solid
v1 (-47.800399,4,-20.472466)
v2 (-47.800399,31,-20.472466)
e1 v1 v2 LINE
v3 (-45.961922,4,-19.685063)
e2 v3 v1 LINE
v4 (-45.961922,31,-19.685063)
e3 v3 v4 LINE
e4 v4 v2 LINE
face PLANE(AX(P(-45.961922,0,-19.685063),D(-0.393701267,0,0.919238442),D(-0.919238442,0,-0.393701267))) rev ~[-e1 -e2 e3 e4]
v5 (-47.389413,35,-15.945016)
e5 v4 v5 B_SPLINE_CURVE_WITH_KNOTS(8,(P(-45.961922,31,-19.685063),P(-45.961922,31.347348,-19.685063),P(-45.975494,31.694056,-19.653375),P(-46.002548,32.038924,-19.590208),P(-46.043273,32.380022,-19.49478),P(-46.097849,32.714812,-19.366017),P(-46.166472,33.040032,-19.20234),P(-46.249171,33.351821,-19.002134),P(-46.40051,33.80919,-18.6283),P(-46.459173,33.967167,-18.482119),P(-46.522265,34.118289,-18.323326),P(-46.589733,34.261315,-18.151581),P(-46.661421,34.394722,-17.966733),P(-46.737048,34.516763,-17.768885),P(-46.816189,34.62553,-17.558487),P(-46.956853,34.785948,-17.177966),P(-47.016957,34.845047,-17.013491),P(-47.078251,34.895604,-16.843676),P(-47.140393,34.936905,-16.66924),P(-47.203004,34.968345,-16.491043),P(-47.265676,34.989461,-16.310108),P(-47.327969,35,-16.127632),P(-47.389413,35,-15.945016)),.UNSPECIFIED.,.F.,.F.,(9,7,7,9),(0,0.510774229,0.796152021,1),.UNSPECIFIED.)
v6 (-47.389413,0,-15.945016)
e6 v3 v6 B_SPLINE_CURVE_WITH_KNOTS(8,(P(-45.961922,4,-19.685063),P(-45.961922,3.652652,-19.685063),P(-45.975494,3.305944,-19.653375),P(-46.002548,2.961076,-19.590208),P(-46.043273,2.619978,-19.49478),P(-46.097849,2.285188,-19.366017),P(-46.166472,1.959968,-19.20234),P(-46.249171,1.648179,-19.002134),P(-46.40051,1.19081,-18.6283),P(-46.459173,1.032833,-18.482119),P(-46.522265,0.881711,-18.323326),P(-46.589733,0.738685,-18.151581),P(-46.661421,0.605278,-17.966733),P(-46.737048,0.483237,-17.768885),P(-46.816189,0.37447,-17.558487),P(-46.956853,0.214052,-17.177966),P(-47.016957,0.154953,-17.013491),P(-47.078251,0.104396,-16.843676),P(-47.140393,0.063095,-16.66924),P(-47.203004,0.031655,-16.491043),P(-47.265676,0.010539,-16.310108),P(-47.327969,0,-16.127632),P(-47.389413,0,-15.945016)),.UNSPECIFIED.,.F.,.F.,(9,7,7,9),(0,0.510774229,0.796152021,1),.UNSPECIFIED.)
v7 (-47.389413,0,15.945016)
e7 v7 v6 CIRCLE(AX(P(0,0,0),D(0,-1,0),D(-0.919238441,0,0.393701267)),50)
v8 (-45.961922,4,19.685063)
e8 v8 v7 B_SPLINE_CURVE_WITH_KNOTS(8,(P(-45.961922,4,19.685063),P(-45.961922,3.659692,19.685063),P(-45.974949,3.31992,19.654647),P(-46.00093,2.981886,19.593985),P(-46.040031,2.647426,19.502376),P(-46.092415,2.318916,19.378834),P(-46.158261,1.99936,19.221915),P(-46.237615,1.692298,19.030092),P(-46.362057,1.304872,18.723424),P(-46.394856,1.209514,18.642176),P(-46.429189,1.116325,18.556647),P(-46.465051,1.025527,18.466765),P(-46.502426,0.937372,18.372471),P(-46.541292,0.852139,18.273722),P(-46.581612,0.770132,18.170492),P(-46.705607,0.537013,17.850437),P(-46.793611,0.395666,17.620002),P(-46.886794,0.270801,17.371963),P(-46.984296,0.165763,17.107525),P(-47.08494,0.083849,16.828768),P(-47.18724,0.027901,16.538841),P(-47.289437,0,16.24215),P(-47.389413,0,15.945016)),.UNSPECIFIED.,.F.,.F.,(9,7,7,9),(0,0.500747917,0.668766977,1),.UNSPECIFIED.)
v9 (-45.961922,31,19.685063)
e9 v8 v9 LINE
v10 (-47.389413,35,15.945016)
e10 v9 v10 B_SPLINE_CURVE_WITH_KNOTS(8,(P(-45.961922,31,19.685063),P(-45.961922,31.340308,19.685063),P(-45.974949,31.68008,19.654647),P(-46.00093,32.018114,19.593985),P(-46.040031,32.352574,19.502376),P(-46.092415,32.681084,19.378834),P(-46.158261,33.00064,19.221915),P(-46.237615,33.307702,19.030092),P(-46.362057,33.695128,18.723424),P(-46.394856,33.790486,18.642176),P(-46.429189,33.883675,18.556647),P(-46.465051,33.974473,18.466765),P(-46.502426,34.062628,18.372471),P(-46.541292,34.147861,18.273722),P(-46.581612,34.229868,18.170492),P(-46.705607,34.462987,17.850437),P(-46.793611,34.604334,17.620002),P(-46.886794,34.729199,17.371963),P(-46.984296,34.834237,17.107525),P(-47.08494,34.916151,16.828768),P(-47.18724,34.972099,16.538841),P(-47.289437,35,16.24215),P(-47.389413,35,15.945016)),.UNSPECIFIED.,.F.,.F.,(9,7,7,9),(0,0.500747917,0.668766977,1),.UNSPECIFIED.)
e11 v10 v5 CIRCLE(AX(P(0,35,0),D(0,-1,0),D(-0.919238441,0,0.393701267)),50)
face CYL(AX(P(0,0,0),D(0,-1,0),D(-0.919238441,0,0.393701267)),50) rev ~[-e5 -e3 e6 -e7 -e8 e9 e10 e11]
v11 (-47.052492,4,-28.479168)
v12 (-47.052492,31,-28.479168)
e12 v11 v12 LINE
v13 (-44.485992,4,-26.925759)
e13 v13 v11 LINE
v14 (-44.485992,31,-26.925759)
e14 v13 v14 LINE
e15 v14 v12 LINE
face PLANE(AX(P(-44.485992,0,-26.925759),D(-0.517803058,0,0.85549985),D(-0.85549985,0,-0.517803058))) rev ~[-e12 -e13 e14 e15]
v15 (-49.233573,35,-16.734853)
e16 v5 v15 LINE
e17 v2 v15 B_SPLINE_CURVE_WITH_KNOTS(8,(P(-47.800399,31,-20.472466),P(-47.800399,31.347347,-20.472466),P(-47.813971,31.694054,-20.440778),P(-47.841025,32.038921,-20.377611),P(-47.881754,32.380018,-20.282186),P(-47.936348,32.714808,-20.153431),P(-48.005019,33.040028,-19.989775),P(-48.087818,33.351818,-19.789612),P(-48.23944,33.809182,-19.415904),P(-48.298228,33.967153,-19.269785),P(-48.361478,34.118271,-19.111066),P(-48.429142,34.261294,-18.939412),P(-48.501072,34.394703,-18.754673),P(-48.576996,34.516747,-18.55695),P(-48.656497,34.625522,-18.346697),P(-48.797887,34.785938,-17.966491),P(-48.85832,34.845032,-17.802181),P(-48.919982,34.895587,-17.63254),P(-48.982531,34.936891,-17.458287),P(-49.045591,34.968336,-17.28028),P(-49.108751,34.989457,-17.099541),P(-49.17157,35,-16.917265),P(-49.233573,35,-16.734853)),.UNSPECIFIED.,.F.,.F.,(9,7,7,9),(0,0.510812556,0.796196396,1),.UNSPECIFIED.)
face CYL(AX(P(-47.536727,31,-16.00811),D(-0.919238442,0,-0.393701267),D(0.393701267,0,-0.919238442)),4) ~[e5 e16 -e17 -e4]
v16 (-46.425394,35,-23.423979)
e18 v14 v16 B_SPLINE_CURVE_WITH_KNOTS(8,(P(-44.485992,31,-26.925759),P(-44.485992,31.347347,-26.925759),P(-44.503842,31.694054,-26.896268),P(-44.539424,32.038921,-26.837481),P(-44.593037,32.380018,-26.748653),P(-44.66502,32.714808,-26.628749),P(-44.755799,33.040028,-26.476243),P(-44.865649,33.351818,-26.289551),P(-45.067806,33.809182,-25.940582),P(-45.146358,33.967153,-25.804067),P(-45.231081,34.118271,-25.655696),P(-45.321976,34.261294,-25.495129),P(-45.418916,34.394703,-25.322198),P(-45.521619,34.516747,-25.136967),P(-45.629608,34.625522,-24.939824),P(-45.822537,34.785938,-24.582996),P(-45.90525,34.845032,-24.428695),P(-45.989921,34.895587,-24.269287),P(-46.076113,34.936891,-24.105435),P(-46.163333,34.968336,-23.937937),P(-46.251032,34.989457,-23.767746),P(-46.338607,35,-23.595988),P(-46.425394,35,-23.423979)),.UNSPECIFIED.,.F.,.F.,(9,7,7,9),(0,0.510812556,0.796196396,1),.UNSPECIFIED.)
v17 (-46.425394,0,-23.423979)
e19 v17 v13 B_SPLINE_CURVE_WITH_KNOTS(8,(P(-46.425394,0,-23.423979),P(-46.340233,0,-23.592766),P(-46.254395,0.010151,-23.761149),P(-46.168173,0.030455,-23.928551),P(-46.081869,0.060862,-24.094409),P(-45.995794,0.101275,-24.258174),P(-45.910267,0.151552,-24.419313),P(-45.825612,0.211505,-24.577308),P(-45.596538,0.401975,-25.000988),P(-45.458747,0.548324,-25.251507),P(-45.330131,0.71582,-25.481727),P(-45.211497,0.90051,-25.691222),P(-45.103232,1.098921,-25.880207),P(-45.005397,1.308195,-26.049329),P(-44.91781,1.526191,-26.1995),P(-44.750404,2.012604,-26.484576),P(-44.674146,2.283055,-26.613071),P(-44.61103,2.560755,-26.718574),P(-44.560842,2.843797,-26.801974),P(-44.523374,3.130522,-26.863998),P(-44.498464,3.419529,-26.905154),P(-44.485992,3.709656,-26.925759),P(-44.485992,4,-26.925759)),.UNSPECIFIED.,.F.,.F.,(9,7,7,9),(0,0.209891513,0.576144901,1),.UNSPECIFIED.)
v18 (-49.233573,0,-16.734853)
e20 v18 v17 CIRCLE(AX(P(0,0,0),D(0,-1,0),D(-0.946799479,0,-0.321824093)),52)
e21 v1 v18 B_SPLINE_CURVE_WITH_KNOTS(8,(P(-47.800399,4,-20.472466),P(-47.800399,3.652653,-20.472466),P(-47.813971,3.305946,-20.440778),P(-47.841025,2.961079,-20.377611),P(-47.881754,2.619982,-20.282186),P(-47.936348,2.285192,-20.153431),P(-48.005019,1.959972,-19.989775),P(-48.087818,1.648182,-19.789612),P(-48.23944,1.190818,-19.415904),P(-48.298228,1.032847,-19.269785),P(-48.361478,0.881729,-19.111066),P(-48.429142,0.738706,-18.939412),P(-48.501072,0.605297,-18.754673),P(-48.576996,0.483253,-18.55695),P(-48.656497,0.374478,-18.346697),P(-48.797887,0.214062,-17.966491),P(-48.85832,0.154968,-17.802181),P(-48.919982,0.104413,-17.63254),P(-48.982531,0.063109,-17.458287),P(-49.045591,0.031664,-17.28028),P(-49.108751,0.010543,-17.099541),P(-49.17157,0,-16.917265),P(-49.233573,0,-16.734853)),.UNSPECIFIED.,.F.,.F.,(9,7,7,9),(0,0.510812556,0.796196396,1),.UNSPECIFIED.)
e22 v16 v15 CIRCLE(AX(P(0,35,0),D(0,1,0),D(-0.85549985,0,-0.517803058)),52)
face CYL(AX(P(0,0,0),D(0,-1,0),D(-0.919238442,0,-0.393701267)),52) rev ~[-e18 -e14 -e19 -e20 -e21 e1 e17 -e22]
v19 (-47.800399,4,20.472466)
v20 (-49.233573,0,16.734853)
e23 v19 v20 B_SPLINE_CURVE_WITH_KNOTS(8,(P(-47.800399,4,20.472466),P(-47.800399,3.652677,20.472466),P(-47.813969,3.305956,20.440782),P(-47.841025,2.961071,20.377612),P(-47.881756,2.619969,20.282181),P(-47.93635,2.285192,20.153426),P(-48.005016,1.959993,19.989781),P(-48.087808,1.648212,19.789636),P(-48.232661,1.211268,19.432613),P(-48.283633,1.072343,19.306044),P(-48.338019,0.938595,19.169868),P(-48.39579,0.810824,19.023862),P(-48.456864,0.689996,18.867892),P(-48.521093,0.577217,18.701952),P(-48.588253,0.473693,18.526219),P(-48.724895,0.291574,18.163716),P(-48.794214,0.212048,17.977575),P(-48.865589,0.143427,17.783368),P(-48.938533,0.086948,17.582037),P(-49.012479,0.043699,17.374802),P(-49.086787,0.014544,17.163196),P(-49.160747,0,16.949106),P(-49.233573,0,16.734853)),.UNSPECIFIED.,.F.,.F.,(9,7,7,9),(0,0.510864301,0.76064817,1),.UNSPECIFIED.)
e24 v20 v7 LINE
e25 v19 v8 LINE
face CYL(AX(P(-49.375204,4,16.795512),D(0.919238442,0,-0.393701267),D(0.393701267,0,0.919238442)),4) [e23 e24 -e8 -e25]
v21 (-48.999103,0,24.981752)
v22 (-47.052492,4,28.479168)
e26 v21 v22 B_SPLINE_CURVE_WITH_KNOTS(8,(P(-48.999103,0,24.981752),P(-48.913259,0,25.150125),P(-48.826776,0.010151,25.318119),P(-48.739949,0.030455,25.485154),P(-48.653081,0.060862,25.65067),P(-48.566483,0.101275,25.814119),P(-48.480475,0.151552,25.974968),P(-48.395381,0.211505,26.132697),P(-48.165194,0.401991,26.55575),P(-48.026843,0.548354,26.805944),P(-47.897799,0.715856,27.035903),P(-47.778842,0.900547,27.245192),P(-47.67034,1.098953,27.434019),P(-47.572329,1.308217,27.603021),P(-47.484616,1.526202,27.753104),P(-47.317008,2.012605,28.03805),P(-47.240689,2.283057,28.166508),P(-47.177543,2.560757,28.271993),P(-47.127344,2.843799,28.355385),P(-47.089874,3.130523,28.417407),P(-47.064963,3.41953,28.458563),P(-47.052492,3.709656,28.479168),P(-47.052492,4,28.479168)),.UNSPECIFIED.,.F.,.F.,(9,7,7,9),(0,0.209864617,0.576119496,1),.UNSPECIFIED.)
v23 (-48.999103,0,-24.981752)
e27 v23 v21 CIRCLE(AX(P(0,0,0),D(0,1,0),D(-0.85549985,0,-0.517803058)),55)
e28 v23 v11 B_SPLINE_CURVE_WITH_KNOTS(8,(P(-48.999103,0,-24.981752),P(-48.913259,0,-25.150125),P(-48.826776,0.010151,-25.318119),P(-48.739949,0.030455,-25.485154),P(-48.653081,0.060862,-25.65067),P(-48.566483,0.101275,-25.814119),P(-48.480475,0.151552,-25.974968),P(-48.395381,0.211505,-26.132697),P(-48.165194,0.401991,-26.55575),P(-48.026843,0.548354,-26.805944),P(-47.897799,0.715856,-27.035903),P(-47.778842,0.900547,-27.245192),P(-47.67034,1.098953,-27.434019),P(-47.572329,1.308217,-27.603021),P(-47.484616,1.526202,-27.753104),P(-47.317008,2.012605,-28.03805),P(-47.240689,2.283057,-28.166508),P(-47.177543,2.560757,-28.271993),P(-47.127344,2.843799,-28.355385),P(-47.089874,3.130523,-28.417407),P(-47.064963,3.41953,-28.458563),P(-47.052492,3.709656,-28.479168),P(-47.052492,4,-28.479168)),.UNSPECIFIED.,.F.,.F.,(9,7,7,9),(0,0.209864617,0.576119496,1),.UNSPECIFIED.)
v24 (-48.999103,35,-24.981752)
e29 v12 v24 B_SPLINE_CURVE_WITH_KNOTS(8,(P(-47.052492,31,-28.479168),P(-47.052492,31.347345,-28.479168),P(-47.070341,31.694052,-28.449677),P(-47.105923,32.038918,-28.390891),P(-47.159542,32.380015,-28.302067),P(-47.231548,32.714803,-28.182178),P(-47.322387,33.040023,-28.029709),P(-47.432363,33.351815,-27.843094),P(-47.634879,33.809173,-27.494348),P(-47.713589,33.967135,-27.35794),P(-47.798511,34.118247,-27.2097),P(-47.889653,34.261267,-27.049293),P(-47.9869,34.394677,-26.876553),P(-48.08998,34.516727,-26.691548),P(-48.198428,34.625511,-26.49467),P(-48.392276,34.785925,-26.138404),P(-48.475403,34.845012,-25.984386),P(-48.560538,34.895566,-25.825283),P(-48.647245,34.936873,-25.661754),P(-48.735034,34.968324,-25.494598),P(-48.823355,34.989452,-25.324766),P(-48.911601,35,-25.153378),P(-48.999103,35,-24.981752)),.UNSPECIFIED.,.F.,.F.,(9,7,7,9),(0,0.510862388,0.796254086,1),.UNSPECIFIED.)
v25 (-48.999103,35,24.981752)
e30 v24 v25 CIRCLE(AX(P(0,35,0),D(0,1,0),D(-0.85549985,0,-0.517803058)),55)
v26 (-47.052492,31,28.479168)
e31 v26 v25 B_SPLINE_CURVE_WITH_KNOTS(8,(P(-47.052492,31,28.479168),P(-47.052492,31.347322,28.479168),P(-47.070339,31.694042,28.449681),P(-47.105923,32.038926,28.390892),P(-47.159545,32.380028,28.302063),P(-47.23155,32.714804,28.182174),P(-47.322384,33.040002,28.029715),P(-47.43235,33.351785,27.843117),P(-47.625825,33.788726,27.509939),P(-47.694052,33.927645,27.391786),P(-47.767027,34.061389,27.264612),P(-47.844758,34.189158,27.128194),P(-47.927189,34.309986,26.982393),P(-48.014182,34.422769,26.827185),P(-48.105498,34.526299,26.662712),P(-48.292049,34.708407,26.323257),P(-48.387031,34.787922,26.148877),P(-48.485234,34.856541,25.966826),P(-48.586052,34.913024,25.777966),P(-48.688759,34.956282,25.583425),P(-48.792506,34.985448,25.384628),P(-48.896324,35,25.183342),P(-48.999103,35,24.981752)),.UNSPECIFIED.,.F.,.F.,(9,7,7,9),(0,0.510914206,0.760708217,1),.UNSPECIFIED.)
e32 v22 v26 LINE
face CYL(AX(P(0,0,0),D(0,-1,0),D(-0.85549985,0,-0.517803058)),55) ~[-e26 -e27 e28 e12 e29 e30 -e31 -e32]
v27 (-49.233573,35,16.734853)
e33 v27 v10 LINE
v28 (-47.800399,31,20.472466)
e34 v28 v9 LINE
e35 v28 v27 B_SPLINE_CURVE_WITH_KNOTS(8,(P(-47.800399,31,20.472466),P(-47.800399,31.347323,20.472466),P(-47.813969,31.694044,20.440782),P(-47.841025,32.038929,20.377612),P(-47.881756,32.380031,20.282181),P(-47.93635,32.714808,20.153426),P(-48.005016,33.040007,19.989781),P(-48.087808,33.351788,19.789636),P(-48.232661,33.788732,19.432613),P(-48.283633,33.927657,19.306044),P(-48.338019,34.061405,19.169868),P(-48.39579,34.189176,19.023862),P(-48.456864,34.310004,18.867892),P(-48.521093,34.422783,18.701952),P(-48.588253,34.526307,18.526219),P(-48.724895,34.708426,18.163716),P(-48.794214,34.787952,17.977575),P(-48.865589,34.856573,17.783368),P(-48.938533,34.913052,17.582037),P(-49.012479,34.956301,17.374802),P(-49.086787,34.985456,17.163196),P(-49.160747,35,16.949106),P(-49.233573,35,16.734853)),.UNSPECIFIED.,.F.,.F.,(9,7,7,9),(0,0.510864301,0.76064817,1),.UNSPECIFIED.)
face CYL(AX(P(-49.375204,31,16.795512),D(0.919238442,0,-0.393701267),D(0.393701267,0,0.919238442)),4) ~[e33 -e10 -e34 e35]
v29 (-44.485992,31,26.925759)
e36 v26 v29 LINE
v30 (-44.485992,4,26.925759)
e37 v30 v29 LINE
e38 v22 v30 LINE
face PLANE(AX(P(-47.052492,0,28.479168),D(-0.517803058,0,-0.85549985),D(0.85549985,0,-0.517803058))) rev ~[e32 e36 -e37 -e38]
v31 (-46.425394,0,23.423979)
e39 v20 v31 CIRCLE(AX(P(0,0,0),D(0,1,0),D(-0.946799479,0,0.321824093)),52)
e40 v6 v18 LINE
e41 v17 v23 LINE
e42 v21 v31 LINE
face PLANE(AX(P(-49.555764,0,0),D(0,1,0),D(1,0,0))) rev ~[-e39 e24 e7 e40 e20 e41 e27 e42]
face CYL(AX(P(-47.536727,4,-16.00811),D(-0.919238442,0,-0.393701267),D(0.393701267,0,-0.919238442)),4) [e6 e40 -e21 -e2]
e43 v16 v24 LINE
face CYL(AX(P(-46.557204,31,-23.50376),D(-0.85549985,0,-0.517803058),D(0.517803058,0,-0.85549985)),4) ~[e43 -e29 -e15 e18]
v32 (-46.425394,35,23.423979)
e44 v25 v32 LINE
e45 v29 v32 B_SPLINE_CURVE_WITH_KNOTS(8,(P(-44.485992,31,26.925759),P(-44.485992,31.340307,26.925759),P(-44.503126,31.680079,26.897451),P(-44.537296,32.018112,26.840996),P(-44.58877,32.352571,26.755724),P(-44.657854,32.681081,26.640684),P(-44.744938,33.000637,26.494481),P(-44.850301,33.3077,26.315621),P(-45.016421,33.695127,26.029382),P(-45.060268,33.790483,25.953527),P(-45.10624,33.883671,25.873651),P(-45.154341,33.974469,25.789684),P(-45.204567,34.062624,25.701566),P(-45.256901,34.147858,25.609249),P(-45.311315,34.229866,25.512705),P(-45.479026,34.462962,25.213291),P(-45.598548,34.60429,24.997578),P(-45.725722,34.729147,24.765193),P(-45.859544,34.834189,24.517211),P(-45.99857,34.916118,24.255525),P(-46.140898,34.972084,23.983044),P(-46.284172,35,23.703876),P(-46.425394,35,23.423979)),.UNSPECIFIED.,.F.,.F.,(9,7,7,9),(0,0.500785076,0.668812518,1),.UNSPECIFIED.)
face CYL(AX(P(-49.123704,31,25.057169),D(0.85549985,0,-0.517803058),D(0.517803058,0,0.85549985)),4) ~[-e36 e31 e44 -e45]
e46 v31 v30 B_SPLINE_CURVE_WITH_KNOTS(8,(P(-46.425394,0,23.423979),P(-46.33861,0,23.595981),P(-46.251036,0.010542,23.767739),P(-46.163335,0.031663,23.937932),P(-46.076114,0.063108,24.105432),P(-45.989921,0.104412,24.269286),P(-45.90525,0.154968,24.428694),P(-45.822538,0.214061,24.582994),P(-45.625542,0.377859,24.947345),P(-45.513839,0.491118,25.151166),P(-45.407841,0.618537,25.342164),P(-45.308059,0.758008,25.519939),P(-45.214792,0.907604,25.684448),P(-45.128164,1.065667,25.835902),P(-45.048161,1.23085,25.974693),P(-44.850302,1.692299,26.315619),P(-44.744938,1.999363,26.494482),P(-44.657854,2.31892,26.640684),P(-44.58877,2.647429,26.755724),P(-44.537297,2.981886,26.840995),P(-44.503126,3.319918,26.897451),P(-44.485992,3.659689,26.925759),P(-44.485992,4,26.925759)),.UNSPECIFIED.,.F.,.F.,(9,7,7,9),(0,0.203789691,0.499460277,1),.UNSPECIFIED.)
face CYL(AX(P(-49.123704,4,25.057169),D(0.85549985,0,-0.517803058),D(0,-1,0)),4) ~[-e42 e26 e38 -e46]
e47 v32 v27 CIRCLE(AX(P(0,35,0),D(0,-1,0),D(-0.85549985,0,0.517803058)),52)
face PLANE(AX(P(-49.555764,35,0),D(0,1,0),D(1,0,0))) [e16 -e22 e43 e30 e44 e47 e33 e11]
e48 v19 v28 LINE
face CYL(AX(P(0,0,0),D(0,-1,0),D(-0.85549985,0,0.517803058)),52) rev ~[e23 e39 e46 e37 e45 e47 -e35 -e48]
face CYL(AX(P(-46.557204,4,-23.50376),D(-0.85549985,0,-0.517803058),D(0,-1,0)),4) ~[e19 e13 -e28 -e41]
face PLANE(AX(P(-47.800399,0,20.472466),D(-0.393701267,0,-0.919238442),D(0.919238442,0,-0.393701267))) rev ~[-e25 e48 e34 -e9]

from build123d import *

# Parameters (mm, degrees)
BOSS_EXTRUDE1_DEPTH = 35
FILLET1_R           = 4
FILLET2_R           = 4


with BuildPart() as part:
    # Sketch1 → Boss-Extrude1 (new body)
    with BuildSketch(Plane(origin=(0, 0, 0), x_dir=(1, 0, 0), z_dir=(0, 1, 0))):
        with BuildLine():
            Line((-45.961922075, 19.685063351), (-47.800398958, 20.472465885))
            ThreePointArc((-47.800398958, 20.472465885), (-46.25587256, 23.756983262), (-44.4859922, 26.925759005))
            Line((-44.4859922, 26.925759005), (-47.05249175, 28.479168178))
            ThreePointArc((-47.05249175, 28.479168178), (-55, 0), (-47.05249175, -28.479168178))
            Line((-47.05249175, -28.479168178), (-44.4859922, -26.925759005))
            ThreePointArc((-44.4859922, -26.925759005), (-46.25587256, -23.756983262), (-47.800398958, -20.472465885))
            Line((-47.800398958, -20.472465885), (-45.961922075, -19.685063351))
            ThreePointArc((-45.961922075, -19.685063351), (-50, 0), (-45.961922075, 19.685063351))
        make_face()
    extrude(amount=BOSS_EXTRUDE1_DEPTH)

    # Fillet1
    fillet1_edges = [part.edges().sort_by_distance(p)[0] for p in [
        (-46.881160517, 0, -20.078764618),
        (-46.881160517, 0, 20.078764618),
        (-46.881160517, 35, 20.078764618),
        (-46.881160517, 35, -20.078764618),
    ]]
    fillet(fillet1_edges, radius=FILLET1_R)

    # Fillet2
    fillet2_edges = [part.edges().sort_by_distance(p)[0] for p in [
        (-45.769241975, 0, 27.702463591),
        (-45.769241975, 0, -27.702463591),
        (-45.769241975, 35, 27.702463591),
        (-45.769241975, 35, -27.702463591),
    ]]
    fillet(fillet2_edges, radius=FILLET2_R)


solid = part.part
